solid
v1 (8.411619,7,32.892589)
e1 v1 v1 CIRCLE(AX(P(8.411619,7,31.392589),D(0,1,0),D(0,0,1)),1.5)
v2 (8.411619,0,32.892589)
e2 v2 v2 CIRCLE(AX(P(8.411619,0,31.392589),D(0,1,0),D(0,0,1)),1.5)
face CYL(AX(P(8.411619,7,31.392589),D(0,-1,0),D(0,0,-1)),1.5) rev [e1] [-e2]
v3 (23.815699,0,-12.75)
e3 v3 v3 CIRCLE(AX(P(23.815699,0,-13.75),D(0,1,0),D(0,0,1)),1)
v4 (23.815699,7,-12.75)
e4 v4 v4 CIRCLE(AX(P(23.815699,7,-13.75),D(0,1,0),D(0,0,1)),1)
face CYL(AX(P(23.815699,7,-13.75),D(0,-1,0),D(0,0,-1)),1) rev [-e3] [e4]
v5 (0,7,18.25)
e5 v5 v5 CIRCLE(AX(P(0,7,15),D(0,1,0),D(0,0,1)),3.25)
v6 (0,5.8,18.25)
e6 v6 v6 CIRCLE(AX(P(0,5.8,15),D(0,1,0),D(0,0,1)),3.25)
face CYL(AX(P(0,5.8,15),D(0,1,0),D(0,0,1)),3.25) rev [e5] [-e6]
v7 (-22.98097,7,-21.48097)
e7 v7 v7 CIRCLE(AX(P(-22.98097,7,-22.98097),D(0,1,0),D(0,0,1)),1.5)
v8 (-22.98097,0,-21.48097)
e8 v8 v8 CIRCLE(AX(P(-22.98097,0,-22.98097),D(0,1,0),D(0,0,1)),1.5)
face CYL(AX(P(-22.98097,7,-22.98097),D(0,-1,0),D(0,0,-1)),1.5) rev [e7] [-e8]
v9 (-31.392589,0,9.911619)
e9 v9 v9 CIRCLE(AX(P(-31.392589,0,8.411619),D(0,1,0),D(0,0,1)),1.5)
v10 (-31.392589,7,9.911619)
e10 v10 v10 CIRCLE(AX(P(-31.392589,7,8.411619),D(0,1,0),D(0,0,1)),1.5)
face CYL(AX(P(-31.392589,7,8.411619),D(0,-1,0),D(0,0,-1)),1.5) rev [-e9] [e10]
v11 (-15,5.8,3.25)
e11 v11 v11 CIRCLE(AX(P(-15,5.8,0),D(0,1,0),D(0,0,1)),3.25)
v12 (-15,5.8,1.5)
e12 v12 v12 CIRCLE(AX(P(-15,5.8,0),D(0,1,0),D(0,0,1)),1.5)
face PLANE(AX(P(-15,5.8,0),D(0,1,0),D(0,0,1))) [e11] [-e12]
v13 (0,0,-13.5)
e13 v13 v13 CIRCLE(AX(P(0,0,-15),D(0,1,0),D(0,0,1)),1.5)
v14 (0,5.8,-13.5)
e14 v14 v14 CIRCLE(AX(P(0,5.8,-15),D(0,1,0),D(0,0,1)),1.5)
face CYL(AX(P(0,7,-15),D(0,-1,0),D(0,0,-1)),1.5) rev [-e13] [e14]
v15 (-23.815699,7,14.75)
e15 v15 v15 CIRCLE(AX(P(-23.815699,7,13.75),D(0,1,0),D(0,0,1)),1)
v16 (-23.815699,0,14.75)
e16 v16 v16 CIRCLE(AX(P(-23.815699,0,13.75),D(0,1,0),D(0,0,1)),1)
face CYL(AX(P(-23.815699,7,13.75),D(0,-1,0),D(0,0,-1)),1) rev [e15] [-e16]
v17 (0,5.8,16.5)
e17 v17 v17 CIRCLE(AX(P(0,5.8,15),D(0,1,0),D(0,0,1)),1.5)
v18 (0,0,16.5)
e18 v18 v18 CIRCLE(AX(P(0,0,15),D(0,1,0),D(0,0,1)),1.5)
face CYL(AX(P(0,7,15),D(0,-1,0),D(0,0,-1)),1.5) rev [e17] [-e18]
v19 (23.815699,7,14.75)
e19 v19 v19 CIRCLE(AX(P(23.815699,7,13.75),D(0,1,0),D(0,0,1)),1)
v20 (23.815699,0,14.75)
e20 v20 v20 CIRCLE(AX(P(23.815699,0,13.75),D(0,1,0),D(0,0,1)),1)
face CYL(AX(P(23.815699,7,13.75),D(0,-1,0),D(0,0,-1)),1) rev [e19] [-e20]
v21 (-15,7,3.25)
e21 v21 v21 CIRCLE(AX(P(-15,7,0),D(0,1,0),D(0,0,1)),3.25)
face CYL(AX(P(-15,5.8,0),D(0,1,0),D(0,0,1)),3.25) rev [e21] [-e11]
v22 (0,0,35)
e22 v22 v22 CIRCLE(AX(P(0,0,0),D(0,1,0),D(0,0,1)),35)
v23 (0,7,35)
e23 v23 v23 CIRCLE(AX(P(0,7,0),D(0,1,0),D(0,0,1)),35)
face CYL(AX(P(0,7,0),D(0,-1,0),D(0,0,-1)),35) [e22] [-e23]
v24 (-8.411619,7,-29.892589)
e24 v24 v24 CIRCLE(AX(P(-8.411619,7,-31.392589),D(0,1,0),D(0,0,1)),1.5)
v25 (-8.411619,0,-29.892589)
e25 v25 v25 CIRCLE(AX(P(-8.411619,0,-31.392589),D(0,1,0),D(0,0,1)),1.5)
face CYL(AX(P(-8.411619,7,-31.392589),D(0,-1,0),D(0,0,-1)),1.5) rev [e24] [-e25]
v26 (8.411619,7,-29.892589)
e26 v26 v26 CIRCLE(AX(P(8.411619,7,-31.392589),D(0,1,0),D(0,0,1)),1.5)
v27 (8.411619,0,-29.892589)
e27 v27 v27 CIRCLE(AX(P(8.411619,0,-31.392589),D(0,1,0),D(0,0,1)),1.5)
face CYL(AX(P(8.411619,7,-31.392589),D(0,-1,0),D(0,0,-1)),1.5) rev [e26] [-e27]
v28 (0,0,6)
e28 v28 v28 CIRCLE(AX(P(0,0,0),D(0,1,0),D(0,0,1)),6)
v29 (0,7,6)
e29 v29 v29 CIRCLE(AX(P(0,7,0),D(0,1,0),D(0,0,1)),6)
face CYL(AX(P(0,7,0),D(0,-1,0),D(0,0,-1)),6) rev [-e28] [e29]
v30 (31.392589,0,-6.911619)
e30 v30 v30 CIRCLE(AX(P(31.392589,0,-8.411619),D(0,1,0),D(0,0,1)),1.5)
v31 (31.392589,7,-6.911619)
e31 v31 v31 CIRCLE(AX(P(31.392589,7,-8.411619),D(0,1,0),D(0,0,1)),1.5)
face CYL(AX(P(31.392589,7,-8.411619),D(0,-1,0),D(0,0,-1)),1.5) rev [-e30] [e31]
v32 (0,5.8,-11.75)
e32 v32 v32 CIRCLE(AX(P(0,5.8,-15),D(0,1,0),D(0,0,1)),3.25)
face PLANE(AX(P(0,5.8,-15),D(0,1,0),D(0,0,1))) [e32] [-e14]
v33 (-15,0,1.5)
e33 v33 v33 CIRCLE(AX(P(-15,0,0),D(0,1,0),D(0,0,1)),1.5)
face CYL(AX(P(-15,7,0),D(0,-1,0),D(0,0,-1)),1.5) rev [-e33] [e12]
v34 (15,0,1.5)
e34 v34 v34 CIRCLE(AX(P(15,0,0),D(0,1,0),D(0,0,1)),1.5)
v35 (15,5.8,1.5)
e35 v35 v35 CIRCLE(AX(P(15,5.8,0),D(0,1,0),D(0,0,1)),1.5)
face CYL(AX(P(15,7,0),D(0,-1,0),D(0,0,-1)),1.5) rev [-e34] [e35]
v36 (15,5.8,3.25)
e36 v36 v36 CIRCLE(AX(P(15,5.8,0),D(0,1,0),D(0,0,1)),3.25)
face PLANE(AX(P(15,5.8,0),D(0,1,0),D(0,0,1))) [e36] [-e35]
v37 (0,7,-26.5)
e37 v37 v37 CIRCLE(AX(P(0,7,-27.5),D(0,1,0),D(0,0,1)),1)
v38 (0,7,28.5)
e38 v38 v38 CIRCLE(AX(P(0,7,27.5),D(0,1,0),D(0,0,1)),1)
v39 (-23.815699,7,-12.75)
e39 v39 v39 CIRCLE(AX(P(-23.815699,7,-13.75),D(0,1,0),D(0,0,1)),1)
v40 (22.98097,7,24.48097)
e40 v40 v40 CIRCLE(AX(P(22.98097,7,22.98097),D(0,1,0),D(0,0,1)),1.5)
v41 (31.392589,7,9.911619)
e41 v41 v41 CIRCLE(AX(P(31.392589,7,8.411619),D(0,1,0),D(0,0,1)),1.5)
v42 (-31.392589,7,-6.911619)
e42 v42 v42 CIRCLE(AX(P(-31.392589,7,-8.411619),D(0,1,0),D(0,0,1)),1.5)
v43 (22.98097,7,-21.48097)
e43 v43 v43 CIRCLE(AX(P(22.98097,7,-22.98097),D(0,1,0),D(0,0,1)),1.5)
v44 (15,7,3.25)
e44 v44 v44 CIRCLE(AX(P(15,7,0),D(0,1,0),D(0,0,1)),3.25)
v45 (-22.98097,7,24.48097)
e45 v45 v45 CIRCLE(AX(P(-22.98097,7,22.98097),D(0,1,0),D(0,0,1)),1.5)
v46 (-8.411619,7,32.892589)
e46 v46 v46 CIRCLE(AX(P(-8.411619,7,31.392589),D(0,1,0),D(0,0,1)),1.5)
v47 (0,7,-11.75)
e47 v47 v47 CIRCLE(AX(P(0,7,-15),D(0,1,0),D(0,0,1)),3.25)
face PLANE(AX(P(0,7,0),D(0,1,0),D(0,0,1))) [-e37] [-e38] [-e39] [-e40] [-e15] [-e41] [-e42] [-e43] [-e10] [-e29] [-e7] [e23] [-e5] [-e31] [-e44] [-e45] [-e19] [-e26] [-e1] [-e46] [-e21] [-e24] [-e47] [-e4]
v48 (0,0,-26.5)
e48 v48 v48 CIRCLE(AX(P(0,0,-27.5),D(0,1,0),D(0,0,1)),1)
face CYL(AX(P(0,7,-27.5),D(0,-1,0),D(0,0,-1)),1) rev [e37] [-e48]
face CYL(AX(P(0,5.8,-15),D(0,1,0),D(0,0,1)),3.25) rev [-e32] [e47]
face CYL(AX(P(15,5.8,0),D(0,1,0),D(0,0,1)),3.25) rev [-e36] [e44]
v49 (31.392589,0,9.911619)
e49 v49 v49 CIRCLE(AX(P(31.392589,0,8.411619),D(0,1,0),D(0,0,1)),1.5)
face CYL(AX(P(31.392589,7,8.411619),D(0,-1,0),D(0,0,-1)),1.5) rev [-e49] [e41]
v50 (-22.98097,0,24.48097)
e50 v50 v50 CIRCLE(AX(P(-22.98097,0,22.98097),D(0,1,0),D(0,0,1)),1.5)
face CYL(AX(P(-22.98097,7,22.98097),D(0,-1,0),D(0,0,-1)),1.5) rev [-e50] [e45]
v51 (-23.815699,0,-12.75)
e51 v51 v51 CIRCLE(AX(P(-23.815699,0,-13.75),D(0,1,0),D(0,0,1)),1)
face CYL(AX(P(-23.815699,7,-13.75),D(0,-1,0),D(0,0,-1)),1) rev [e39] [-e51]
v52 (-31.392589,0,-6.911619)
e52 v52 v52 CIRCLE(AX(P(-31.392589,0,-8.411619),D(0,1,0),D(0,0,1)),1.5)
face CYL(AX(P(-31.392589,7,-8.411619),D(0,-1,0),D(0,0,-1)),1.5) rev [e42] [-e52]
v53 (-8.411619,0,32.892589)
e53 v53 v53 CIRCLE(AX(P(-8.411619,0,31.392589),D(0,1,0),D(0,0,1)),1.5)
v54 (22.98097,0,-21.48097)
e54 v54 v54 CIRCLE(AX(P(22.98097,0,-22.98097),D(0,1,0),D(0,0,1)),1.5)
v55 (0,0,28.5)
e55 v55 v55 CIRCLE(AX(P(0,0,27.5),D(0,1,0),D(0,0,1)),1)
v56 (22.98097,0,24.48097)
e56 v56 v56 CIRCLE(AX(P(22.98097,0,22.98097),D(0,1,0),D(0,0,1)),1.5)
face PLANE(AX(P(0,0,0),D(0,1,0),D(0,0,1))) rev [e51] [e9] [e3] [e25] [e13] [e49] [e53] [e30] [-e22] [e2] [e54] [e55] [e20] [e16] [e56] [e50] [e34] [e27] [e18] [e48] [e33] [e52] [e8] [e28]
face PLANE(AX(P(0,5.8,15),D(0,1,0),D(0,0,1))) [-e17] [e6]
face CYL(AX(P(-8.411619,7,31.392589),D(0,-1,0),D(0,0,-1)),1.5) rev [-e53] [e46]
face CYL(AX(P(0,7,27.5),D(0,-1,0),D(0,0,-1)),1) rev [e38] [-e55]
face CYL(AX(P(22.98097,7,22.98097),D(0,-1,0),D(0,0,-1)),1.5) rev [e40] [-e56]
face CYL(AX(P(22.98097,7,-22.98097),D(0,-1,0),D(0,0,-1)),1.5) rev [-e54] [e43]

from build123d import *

# Parameters (mm, degrees)
SKETCH1_R           = 35
SKETCH1_R_2         = 6
SKETCH1_R_3         = 1.5
SKETCH1_R_4         = 1
BOSS_EXTRUDE1_DEPTH = 7
SKETCH2_R           = 3.25
CUT_EXTRUDE1_DEPTH  = 1.2


with BuildPart() as part:
    # Sketch1 → Boss-Extrude1 (new body)
    with BuildSketch(Plane(origin=(0, 0, 0), x_dir=(1, 0, 0), z_dir=(0, 1, 0))):
        with Locations(Location((0, 0, 0), (0, 0, 270))):
            Circle(SKETCH1_R)
        with Locations(Location((0, 0, 0), (0, 0, 270))):
            Circle(SKETCH1_R_2, mode=Mode.SUBTRACT)
        with Locations(Location((0, 15, 0), (0, 0, 270))):
            Circle(SKETCH1_R_3, mode=Mode.SUBTRACT)
        with Locations(Location((15, 0, 0), (0, 0, 270))):
            Circle(SKETCH1_R_3, mode=Mode.SUBTRACT)
        with Locations(Location((0, -15, 0), (0, 0, 270))):
            Circle(SKETCH1_R_3, mode=Mode.SUBTRACT)
        with Locations(Location((-15, 0, 0), (0, 0, 270))):
            Circle(SKETCH1_R_3, mode=Mode.SUBTRACT)
        with Locations(Location((-31.392589354, -8.411618966, 0), (0, 0, 270))):
            Circle(SKETCH1_R_3, mode=Mode.SUBTRACT)
        with Locations(Location((-31.392589354, 8.411618966, 0), (0, 0, 270))):
            Circle(SKETCH1_R_3, mode=Mode.SUBTRACT)
        with Locations(Location((-22.980970389, 22.980970389, 0), (0, 0, 270))):
            Circle(SKETCH1_R_3, mode=Mode.SUBTRACT)
        with Locations(Location((-8.411618966, 31.392589354, 0), (0, 0, 270))):
            Circle(SKETCH1_R_3, mode=Mode.SUBTRACT)
        with Locations(Location((8.411618966, 31.392589354, 0), (0, 0, 270))):
            Circle(SKETCH1_R_3, mode=Mode.SUBTRACT)
        with Locations(Location((22.980970389, 22.980970389, 0), (0, 0, 270))):
            Circle(SKETCH1_R_3, mode=Mode.SUBTRACT)
        with Locations(Location((31.392589354, 8.411618966, 0), (0, 0, 270))):
            Circle(SKETCH1_R_3, mode=Mode.SUBTRACT)
        with Locations(Location((31.392589354, -8.411618966, 0), (0, 0, 270))):
            Circle(SKETCH1_R_3, mode=Mode.SUBTRACT)
        with Locations(Location((22.980970389, -22.980970389, 0), (0, 0, 270))):
            Circle(SKETCH1_R_3, mode=Mode.SUBTRACT)
        with Locations(Location((8.411618966, -31.392589354, 0), (0, 0, 270))):
            Circle(SKETCH1_R_3, mode=Mode.SUBTRACT)
        with Locations(Location((-8.411618966, -31.392589354, 0), (0, 0, 270))):
            Circle(SKETCH1_R_3, mode=Mode.SUBTRACT)
        with Locations(Location((-22.980970389, -22.980970389, 0), (0, 0, 270))):
            Circle(SKETCH1_R_3, mode=Mode.SUBTRACT)
        with Locations(Location((0, 27.5, 0), (0, 0, 270))):
            Circle(SKETCH1_R_4, mode=Mode.SUBTRACT)
        with Locations(Location((23.815698604, 13.75, 0), (0, 0, 270))):
            Circle(SKETCH1_R_4, mode=Mode.SUBTRACT)
        with Locations(Location((23.815698604, -13.75, 0), (0, 0, 270))):
            Circle(SKETCH1_R_4, mode=Mode.SUBTRACT)
        with Locations(Location((0, -27.5, 0), (0, 0, 270))):
            Circle(SKETCH1_R_4, mode=Mode.SUBTRACT)
        with Locations(Location((-23.815698604, -13.75, 0), (0, 0, 270))):
            Circle(SKETCH1_R_4, mode=Mode.SUBTRACT)
        with Locations(Location((-23.815698604, 13.75, 0), (0, 0, 270))):
            Circle(SKETCH1_R_4, mode=Mode.SUBTRACT)
    extrude(amount=BOSS_EXTRUDE1_DEPTH)

    # Sketch2 → Cut-Extrude1 (cut)
    with BuildSketch(Plane(origin=(0, 7, 0), x_dir=(1, 0, 0), z_dir=(0, 1, 0))):
        with Locations(Location((0, 15, 0), (0, 0, 270))):
            Circle(SKETCH2_R)
        with Locations(Location((15, 0, 0), (0, 0, 270))):
            Circle(SKETCH2_R)
        with Locations(Location((0, -15, 0), (0, 0, 270))):
            Circle(SKETCH2_R)
        with Locations(Location((-15, 0, 0), (0, 0, 270))):
            Circle(SKETCH2_R)
    extrude(amount=-CUT_EXTRUDE1_DEPTH, mode=Mode.SUBTRACT)


solid = part.part
